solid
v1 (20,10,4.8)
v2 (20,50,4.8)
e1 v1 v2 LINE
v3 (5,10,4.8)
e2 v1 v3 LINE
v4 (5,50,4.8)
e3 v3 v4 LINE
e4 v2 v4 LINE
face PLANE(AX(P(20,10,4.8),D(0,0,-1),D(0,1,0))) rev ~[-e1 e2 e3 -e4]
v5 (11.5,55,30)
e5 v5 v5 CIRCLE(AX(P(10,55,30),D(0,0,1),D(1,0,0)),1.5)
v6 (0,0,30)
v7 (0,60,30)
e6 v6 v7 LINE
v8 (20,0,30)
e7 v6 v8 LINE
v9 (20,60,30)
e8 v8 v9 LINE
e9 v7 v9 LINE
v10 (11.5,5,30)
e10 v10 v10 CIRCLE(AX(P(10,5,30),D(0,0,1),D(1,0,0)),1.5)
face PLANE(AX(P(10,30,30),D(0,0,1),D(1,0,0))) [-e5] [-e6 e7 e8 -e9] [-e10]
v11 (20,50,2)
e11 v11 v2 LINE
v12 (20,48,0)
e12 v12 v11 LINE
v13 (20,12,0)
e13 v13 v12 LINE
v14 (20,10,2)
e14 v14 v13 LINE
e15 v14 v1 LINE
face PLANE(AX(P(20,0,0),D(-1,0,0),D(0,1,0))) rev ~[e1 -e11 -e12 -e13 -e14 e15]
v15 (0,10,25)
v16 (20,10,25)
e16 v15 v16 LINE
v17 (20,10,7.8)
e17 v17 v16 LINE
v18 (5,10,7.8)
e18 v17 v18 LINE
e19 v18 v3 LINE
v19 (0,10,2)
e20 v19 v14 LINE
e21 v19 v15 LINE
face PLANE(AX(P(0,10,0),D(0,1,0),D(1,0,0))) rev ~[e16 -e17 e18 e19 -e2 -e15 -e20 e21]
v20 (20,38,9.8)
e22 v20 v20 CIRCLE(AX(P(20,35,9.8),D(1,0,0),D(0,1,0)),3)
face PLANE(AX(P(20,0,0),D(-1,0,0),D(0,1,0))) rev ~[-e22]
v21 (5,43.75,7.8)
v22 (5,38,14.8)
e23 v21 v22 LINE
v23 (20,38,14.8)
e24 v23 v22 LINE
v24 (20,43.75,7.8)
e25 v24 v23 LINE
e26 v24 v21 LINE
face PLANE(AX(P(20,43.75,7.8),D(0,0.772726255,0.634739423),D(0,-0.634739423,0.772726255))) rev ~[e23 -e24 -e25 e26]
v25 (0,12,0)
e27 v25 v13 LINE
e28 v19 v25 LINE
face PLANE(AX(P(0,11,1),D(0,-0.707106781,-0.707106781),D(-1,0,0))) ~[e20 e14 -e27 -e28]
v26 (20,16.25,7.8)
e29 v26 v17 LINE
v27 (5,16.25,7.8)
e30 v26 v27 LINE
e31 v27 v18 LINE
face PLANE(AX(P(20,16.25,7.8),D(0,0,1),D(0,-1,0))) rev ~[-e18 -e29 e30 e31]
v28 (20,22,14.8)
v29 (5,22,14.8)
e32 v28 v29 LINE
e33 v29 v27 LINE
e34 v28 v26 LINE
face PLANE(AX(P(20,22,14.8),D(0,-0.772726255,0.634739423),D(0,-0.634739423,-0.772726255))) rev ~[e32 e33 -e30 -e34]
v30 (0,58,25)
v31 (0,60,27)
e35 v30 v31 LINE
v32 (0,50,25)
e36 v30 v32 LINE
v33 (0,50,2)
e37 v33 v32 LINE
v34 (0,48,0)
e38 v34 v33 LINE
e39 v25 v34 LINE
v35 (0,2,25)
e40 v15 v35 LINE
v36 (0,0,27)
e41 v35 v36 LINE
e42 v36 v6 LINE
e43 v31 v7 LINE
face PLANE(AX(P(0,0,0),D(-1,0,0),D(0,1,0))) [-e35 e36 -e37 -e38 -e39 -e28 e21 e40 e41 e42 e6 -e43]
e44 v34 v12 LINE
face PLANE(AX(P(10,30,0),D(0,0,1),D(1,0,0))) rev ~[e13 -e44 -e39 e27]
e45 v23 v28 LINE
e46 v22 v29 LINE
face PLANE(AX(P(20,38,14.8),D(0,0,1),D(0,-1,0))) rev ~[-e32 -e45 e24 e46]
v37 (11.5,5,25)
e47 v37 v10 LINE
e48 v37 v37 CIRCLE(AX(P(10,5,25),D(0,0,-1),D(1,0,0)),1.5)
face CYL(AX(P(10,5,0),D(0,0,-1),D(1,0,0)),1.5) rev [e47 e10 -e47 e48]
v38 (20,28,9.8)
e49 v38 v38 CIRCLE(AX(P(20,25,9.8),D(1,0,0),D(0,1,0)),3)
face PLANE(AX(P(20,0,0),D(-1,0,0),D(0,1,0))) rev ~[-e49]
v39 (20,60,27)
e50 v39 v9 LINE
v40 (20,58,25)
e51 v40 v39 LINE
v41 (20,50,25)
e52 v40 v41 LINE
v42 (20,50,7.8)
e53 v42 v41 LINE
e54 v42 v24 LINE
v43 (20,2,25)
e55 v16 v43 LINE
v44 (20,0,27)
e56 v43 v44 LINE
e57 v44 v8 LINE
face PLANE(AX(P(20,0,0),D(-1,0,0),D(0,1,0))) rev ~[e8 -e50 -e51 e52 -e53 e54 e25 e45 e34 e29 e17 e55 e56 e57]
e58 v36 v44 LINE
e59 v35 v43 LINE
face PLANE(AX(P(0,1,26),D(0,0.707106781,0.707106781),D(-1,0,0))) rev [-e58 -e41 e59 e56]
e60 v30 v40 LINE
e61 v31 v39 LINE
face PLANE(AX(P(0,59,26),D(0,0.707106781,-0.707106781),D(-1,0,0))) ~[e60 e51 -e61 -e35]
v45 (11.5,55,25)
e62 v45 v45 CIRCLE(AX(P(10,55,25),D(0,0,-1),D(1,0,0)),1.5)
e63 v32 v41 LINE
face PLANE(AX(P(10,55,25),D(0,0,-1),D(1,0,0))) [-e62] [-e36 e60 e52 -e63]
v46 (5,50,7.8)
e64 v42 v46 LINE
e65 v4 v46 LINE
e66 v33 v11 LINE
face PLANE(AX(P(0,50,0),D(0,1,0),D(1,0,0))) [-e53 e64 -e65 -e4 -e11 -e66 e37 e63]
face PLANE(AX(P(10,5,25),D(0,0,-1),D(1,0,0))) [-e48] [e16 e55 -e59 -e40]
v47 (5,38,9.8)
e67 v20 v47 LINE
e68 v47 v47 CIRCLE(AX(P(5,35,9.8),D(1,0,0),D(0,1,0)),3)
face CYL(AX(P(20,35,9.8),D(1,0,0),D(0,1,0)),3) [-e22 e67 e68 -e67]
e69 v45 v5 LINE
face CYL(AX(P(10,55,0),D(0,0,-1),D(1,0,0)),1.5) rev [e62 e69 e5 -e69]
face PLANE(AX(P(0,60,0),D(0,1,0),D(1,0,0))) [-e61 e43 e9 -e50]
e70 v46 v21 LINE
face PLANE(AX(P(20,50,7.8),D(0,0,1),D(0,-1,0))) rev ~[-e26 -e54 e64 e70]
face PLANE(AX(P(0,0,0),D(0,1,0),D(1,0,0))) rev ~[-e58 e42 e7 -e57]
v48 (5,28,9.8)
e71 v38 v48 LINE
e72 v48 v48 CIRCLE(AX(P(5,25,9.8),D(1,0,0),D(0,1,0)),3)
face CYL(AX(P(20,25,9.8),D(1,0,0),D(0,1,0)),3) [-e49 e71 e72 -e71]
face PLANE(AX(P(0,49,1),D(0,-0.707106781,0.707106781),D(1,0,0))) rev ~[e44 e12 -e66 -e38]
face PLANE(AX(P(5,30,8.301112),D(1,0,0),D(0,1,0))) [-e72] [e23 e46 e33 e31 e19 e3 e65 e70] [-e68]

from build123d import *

# Parameters (mm, degrees)
SKETCH_W        = 20
SKETCH_H        = 60
SKETCH_R        = 1.5
PAD_DEPTH       = 30
SKETCH001_W     = 20
SKETCH001_H     = 10
POCKET_DEPTH    = 25
SKETCH002_R     = 3
POCKET001_DEPTH = 15
CHAMFER_SIZE    = 2
CHAMFER001_SIZE = 2


with BuildPart() as part:
    # Sketch → Pad (new body)
    with BuildSketch(Plane.XY):
        with Locations((10, 30)):
            Rectangle(SKETCH_W, SKETCH_H)
        with Locations((10, 55)):
            Circle(SKETCH_R, mode=Mode.SUBTRACT)
        with Locations((10, 5)):
            Circle(SKETCH_R, mode=Mode.SUBTRACT)
    extrude(amount=PAD_DEPTH)

    # Sketch001 (on Face7 of Pad) → Pocket (cut)
    with BuildSketch(Plane(origin=(0, 0, 0), x_dir=(1, 0, 0), z_dir=(0, 0, -1))):
        with Locations((10, -5)):
            Rectangle(SKETCH001_W, SKETCH001_H)
        with Locations((10, -55)):
            Rectangle(SKETCH001_W, SKETCH001_H)
    extrude(amount=-POCKET_DEPTH, mode=Mode.SUBTRACT)

    # Sketch002 (on Face3 of Pocket) → Pocket001 (cut)
    with BuildSketch(Plane.YZ.offset(20)):
        Polygon((10, 7.8), (10, 4.8), (50, 4.8), (50, 7.8), (43.75, 7.8), (38, 14.8), (22, 14.8), (16.25, 7.8), align=None)
        with Locations((25, 9.8)):
            Circle(SKETCH002_R, mode=Mode.SUBTRACT)
        with Locations((35, 9.8)):
            Circle(SKETCH002_R, mode=Mode.SUBTRACT)
    extrude(amount=-POCKET001_DEPTH, mode=Mode.SUBTRACT)

    # Chamfer
    chamfer_edges = [part.edges().sort_by_distance(p)[0] for p in [
        (10, 0, 25),
        (10, 60, 25),
    ]]
    chamfer(chamfer_edges, length=CHAMFER_SIZE)

    # Chamfer001
    chamfer001_edges = [part.edges().sort_by_distance(p)[0] for p in [
        (10, 10, 0),
        (10, 50, 0),
    ]]
    chamfer(chamfer001_edges, length=CHAMFER001_SIZE)


solid = part.part
